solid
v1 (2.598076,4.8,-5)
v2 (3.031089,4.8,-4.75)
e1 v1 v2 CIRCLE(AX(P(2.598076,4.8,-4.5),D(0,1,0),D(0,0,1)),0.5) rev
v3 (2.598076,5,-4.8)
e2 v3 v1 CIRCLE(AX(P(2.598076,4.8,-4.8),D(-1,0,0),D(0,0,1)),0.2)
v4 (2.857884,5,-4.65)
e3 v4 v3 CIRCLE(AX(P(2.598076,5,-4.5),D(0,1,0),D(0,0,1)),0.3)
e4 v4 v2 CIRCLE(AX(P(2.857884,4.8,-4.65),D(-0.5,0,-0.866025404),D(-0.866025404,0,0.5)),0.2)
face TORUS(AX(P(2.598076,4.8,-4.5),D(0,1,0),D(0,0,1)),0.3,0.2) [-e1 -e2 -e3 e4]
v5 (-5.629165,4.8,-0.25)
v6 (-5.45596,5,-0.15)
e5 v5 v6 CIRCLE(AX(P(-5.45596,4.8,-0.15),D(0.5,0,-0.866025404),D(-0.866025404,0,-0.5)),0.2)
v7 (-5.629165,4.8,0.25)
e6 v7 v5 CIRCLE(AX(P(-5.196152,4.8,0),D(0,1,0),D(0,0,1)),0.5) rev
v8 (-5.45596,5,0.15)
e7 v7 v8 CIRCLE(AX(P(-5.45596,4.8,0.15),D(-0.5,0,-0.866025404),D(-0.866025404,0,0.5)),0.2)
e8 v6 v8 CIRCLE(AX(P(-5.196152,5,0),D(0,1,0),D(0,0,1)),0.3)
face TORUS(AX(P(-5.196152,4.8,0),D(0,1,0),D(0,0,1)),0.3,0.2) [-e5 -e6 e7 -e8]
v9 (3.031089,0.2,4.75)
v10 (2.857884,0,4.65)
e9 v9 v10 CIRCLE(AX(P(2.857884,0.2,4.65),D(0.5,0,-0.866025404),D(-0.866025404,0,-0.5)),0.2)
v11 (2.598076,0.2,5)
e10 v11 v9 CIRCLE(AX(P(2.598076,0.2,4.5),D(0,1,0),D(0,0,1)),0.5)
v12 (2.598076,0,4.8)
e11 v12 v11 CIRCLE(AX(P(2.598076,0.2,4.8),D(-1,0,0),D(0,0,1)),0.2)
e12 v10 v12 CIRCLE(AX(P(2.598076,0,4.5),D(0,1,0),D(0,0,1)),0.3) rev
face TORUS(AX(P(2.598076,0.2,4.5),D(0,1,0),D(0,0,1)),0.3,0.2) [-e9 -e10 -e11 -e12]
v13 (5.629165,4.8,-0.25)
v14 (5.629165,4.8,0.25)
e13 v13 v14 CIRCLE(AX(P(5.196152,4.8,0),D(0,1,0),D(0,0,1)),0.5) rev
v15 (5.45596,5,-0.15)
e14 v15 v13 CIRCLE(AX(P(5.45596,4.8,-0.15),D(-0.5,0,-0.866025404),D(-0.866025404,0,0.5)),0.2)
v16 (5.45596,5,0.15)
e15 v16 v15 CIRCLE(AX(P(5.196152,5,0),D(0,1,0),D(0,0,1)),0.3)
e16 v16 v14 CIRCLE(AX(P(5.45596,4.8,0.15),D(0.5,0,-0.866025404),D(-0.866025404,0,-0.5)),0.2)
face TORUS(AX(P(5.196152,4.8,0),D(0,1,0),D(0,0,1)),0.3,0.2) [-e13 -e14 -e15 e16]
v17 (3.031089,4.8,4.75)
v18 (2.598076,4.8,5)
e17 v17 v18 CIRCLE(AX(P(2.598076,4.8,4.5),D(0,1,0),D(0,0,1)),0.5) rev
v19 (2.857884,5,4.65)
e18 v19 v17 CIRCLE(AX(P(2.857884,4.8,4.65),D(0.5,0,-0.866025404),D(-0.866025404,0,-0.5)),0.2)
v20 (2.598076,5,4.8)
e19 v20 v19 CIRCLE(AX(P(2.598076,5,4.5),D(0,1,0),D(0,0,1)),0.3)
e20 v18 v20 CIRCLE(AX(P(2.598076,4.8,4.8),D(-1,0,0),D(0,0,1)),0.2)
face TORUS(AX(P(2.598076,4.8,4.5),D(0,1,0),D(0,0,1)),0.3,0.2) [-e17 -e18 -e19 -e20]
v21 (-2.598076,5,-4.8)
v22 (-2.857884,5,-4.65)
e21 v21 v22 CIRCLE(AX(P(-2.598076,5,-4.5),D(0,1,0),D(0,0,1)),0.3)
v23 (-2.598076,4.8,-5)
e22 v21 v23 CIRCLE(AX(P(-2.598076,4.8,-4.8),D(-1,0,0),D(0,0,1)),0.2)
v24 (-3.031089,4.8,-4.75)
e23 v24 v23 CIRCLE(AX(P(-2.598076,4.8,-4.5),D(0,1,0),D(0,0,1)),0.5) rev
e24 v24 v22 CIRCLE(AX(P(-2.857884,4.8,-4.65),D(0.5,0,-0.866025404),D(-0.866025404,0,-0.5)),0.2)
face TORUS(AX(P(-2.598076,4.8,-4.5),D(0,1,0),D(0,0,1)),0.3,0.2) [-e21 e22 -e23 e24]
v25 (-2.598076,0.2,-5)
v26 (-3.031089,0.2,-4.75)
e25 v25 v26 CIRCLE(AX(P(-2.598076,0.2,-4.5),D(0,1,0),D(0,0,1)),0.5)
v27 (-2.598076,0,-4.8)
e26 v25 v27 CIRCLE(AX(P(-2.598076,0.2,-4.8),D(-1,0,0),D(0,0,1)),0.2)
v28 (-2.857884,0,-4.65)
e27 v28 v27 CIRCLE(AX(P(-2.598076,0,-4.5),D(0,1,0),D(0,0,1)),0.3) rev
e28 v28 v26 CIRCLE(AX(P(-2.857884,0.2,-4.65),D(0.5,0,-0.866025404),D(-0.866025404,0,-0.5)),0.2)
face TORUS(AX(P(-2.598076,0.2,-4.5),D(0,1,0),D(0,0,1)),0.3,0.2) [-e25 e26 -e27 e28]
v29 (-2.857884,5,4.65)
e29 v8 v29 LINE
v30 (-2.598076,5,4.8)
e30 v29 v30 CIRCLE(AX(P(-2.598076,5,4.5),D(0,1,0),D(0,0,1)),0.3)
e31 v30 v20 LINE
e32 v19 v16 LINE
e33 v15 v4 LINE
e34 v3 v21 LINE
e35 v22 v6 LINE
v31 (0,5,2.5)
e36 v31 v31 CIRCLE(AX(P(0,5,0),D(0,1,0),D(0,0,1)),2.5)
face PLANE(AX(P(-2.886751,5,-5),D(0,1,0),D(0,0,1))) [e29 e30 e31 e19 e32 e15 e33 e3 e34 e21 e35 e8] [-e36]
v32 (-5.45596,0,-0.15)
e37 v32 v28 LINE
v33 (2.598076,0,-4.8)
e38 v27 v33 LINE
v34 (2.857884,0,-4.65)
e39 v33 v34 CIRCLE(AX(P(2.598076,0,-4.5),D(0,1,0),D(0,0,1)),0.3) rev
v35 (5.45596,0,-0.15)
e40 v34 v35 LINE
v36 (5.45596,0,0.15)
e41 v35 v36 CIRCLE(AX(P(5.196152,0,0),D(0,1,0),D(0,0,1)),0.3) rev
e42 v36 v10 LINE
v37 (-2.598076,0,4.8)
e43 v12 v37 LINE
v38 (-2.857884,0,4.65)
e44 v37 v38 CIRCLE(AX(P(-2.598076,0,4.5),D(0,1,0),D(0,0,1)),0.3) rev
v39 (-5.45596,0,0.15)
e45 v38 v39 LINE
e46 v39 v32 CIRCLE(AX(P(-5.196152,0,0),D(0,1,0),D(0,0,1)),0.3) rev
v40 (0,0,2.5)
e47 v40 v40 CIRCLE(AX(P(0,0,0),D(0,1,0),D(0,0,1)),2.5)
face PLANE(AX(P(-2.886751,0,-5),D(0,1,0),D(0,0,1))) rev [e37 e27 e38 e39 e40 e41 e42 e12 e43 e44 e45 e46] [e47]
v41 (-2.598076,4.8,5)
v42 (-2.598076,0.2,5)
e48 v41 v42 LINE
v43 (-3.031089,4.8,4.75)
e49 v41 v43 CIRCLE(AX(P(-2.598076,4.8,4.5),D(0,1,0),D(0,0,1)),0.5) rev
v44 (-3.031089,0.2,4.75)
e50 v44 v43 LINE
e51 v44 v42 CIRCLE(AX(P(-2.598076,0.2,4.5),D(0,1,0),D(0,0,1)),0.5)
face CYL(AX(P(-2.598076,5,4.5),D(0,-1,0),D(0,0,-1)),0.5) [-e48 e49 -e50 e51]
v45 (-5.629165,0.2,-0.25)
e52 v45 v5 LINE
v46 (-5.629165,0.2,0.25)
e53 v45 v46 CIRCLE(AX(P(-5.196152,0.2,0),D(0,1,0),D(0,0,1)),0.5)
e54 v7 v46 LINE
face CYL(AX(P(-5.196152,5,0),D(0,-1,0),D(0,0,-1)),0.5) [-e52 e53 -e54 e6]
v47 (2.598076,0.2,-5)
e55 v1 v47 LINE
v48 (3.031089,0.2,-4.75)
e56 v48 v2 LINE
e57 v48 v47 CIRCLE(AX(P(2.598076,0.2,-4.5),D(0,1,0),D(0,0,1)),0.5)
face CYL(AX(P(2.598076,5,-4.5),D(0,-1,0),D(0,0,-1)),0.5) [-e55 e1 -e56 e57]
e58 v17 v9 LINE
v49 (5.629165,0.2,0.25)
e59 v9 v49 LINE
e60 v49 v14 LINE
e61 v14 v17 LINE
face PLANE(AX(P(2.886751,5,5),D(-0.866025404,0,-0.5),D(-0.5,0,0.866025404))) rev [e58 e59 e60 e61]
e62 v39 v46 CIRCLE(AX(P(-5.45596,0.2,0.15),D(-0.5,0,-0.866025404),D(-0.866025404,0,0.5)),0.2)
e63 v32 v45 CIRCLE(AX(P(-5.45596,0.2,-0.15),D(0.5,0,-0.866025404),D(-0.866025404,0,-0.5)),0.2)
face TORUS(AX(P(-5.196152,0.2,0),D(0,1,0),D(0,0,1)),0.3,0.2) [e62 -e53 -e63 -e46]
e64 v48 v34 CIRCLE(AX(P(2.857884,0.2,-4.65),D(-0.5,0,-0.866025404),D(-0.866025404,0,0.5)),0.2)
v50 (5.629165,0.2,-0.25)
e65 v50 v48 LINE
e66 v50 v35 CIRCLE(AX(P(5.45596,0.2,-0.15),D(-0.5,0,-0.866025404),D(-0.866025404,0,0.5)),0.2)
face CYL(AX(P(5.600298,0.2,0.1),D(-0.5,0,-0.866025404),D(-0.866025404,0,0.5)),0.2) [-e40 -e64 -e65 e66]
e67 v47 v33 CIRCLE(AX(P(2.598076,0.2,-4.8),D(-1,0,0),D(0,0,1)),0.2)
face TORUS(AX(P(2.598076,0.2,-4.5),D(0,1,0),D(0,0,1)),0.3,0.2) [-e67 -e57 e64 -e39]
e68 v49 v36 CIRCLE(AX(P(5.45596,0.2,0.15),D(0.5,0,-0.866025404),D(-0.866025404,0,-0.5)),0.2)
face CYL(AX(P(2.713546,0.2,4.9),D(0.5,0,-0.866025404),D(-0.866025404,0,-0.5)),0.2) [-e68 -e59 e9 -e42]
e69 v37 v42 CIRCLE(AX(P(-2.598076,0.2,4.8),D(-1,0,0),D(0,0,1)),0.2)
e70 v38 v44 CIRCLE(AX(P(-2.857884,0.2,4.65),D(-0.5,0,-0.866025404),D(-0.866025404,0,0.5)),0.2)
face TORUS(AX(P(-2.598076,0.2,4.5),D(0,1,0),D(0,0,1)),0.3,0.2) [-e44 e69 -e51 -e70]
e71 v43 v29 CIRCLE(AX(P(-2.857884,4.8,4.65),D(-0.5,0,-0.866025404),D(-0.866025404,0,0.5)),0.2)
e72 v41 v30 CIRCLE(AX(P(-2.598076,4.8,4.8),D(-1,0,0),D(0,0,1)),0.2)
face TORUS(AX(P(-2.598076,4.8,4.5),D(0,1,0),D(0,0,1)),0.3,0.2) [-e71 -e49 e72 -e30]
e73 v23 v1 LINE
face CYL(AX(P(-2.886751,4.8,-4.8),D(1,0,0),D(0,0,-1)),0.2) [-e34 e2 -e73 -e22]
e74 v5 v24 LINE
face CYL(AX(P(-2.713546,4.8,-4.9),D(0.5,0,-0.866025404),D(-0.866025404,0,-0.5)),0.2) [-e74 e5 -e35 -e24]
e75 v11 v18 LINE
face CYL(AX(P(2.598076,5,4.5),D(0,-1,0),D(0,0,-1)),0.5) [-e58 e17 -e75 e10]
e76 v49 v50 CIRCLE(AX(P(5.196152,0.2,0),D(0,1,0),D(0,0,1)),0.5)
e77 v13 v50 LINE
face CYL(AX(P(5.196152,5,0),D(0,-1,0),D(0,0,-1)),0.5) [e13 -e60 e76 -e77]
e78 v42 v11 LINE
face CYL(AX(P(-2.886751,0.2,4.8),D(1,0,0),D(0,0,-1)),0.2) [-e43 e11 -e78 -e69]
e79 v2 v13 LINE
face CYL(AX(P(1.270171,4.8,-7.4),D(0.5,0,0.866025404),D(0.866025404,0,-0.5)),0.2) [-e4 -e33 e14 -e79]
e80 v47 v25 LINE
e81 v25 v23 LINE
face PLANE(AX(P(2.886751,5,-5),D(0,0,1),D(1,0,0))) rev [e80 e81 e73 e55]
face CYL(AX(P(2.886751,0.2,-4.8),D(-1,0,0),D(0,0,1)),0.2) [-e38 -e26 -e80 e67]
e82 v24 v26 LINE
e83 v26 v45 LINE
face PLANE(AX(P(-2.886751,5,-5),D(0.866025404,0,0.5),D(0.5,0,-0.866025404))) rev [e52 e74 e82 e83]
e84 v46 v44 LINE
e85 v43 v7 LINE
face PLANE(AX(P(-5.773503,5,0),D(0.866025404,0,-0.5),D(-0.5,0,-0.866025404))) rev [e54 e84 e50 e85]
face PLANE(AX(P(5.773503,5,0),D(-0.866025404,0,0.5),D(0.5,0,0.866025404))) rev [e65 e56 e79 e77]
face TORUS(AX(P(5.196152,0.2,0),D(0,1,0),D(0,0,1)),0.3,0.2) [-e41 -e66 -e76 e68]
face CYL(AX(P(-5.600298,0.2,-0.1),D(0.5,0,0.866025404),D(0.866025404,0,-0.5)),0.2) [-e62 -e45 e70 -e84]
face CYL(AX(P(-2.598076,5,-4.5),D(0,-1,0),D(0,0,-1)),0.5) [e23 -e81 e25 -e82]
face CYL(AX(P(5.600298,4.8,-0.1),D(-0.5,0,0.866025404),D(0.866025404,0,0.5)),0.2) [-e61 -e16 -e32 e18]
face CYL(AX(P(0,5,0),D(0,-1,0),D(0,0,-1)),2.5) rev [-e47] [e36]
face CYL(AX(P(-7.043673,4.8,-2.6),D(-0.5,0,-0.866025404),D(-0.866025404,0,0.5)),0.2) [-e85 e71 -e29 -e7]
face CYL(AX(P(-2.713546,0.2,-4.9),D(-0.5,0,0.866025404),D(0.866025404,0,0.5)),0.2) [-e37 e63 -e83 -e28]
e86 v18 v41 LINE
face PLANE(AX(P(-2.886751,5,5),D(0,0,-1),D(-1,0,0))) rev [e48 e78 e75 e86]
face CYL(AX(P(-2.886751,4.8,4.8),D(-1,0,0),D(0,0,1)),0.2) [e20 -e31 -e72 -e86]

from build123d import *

# Parameters (mm, degrees)
CROQUIS1_R              = 2.5
SALIENTE_EXTRUIR1_DEPTH = 5
REDONDEO1_R             = 0.5
REDONDEO2_R             = 0.2


with BuildPart() as part:
    # Croquis1 → Saliente-Extruir1 (new body)
    with BuildSketch(Plane(origin=(0, 0, 0), x_dir=(1, 0, 0), z_dir=(0, 1, 0))):
        Polygon((-2.886751346, 5), (-5.773502692, 0), (-2.886751346, -5), (2.886751346, -5), (5.773502692, 0), (2.886751346, 5), align=None)
        with Locations(Location((0, 0, 0), (0, 0, 270))):
            Circle(CROQUIS1_R, mode=Mode.SUBTRACT)
    extrude(amount=SALIENTE_EXTRUIR1_DEPTH)

    # Redondeo1
    redondeo1_edges = [part.edges().sort_by_distance(p)[0] for p in [
        (2.886751346, 2.5, -5),
        (5.773502692, 2.5, 0),
        (2.886751346, 2.5, 5),
        (-2.886751346, 2.5, 5),
        (-5.773502692, 2.5, 0),
        (-2.886751346, 2.5, -5),
    ]]
    fillet(redondeo1_edges, radius=REDONDEO1_R)

    # Redondeo2
    redondeo2_edges = [part.edges().sort_by_distance(p)[0] for p in [
        (-4.330127019, 0, -2.5),
        (-4.330127019, 5, -2.5),
        (0, 0, -5),
        (4.330127019, 0, -2.5),
        (4.330127019, 0, 2.5),
        (0, 0, 5),
        (-4.330127019, 0, 2.5),
        (-2.848076211, 0, 4.933012702),
        (-5.696152423, 0, 0),
        (2.848076211, 0, 4.933012702),
        (5.696152423, 0, 0),
        (2.848076211, 0, -4.933012702),
        (-2.848076211, 0, -4.933012702),
        (0, 5, -5),
        (-4.330127019, 5, 2.5),
        (0, 5, 5),
        (4.330127019, 5, 2.5),
        (4.330127019, 5, -2.5),
        (-2.848076211, 5, 4.933012702),
        (-5.696152423, 5, 0),
        (2.848076211, 5, 4.933012702),
        (5.696152423, 5, 0),
        (2.848076211, 5, -4.933012702),
        (-2.848076211, 5, -4.933012702),
    ]]
    fillet(redondeo2_edges, radius=REDONDEO2_R)


solid = part.part
